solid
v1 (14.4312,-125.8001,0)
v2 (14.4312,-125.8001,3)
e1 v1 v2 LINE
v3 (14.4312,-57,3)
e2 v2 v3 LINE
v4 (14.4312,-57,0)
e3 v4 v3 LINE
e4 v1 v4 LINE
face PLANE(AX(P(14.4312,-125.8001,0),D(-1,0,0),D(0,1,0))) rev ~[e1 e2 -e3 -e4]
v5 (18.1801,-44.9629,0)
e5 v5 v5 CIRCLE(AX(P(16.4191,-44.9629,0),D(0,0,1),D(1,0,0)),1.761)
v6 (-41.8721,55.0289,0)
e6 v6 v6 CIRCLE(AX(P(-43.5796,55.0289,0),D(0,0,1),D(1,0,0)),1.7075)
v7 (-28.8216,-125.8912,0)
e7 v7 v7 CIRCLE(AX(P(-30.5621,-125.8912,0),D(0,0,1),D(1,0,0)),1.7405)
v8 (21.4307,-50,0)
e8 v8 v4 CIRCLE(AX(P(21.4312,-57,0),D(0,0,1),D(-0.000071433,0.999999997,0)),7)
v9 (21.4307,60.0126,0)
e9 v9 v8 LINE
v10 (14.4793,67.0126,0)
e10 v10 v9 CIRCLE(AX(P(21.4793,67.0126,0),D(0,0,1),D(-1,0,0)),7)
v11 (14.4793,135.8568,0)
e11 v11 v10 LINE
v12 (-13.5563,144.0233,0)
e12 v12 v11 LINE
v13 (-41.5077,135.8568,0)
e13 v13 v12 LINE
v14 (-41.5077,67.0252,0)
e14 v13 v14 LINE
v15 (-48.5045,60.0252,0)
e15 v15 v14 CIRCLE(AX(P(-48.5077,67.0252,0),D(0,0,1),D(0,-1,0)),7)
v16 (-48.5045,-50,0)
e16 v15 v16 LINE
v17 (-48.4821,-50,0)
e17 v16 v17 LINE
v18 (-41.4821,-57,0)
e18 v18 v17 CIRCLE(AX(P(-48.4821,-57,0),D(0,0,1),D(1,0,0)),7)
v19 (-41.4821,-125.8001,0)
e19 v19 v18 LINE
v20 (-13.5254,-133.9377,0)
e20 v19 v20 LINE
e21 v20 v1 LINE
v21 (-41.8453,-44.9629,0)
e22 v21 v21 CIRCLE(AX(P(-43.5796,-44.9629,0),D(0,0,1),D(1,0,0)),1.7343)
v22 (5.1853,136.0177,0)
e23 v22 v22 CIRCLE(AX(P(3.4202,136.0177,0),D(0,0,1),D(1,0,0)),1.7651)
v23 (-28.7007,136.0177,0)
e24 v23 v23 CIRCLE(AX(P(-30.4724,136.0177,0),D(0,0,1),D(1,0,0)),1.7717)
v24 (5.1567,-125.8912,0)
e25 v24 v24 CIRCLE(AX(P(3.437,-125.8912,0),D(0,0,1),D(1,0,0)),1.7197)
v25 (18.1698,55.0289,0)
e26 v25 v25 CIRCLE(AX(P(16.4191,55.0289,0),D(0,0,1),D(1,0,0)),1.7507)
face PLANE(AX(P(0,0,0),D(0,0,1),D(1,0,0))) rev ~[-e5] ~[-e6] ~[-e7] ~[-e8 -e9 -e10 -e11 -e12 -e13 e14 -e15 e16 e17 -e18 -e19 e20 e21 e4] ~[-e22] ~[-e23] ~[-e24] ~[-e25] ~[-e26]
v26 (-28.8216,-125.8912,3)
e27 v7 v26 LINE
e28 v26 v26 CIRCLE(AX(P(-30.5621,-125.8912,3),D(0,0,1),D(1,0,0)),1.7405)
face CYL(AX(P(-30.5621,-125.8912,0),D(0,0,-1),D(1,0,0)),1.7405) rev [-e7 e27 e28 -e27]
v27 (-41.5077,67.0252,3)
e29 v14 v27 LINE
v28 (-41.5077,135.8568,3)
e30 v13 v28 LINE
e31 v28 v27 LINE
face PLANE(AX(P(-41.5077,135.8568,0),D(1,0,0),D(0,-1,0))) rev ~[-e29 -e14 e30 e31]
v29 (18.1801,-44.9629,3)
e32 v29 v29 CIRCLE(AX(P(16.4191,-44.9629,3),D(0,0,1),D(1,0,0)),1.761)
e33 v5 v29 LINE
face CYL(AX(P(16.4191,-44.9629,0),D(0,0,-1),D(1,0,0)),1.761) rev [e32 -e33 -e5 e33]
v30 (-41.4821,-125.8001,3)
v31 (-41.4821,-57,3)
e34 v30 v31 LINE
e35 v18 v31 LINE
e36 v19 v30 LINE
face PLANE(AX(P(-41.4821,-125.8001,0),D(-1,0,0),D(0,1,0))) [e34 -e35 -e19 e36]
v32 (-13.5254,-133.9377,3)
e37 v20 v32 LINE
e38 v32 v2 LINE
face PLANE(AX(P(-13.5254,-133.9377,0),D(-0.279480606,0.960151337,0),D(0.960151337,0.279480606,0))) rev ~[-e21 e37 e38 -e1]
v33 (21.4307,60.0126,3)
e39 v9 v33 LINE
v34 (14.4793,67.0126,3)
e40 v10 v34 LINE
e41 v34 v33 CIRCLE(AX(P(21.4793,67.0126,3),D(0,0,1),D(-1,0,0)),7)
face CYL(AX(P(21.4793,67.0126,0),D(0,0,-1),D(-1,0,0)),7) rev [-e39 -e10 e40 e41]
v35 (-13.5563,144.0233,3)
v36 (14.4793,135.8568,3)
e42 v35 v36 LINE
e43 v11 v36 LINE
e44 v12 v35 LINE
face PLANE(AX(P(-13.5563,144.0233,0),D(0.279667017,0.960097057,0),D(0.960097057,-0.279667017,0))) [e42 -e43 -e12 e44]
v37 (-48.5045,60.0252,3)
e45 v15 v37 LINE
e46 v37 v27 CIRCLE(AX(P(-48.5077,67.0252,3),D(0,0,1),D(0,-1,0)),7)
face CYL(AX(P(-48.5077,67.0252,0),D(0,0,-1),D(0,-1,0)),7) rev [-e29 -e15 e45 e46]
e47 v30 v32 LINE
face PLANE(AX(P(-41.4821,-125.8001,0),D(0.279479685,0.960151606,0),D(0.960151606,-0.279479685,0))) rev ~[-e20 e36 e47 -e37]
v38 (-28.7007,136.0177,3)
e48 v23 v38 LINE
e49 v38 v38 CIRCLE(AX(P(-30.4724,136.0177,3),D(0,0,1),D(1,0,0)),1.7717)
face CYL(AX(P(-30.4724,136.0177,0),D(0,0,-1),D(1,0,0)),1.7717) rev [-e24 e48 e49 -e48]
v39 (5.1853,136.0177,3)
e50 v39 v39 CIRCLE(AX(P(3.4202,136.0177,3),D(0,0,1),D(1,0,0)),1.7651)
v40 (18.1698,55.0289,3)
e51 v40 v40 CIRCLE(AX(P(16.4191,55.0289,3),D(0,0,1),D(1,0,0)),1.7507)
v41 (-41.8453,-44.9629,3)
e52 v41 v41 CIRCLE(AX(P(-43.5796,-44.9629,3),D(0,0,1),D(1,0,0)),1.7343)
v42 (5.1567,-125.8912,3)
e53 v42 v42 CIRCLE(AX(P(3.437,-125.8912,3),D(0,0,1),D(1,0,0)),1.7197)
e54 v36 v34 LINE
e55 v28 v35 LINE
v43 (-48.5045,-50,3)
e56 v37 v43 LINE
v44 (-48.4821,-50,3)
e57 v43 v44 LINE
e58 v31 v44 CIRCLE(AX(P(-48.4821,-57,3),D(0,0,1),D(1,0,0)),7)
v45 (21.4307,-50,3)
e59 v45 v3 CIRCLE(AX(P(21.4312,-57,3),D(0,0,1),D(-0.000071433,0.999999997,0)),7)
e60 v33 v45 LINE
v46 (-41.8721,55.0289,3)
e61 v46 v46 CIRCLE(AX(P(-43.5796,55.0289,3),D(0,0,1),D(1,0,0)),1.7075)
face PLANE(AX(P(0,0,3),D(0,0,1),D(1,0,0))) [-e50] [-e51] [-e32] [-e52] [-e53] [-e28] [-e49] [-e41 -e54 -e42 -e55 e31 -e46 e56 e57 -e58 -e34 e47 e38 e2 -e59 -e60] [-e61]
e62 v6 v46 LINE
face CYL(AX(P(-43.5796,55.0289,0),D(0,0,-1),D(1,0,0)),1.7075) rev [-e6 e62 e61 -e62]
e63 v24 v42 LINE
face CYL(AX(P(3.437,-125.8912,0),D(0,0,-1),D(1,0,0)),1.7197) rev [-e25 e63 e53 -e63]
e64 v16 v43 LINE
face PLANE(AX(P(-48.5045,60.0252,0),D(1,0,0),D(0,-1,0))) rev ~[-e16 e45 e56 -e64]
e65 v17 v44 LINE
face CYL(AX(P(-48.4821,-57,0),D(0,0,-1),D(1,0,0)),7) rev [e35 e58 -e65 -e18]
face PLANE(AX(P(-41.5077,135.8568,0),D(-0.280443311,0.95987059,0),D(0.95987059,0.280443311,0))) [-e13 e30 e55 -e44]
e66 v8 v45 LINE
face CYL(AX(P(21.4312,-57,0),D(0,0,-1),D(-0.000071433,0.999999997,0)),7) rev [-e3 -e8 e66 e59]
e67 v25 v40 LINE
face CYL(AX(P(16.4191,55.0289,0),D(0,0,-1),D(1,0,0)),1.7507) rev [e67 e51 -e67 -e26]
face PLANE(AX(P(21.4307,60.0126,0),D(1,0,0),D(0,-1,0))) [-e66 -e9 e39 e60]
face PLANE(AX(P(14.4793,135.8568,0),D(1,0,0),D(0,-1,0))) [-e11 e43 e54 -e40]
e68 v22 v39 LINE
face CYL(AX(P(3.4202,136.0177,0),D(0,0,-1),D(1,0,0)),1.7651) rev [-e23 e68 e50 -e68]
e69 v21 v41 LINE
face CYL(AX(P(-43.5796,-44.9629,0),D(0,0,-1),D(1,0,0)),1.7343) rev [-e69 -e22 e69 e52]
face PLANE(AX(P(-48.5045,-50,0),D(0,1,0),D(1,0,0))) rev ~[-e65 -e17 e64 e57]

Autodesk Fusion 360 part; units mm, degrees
sketch "Skizze1" plane through (0, 0, 0) normal (0, 0, 1) x (1, 0, 0)
  line L0 (-48.5045, 60.0252) -> (-48.5045, -50)
  line L1 (21.4307, 60.0126) -> (21.4307, -50)
  line L2 (-41.5077, 135.8568) -> (-13.5563, 144.0233)
  line L3 (-13.5563, 144.0233) -> (14.4793, 135.8568)
  line L4 (-41.4821, -125.8001) -> (-13.5254, -133.9377)
  line L5 (-13.5254, -133.9377) -> (14.4312, -125.8001)
  line L6 (14.4312, -125.8001) -> (14.4312, -57)
  line L7 (-41.4821, -125.8001) -> (-41.4821, -57)
  line L8 (-41.5077, 135.8568) -> (-41.5077, 66.6867)
  line L9 (14.4793, 135.8568) -> (14.4793, 66.6867)
  circle A0 centre (3.4202, 136.0177) radius 1.7651
  circle A1 centre (-30.4724, 136.0177) radius 1.7717
  circle A2 centre (-30.5621, -125.8912) radius 1.7405
  circle A3 centre (3.437, -125.8912) radius 1.7197
  circle A4 centre (-43.5796, -44.9629) radius 1.7343
  circle A5 centre (16.4191, -44.9629) radius 1.761
  circle A6 centre (-43.5796, 55.0289) radius 1.7075
  circle A7 centre (16.4191, 55.0289) radius 1.7507
  line L10 (21.4307, 60.0126) -> (21.4793, 60.0126)
  line L11 (14.4793, 67.0126) -> (14.4793, 66.6867)
  line L12 (-41.5077, 66.6867) -> (-41.5077, 67.0252)
  line L13 (-48.5077, 60.0252) -> (-48.5045, 60.0252)
  line L14 (-48.5045, -50) -> (-48.4821, -50)
  line L15 (21.4312, -50) -> (21.4307, -50)
  arc A8 (21.4312, -50) -> (14.4312, -57) centre (21.4312, -57) ccw
  arc A9 (-41.4821, -57) -> (-48.4821, -50) centre (-48.4821, -57) ccw
  arc A10 (-48.5077, 60.0252) -> (-41.5077, 67.0252) centre (-48.5077, 67.0252) ccw
  arc A11 (14.4793, 67.0126) -> (21.4793, 60.0126) centre (21.4793, 67.0126) ccw
  dimension "d1" = 7
  dimension "d2" = 7
  dimension "d3" = 7
  dimension "d4" = 7
extrude "Extrusion1" add sketch "Skizze1" along normal blind 3
